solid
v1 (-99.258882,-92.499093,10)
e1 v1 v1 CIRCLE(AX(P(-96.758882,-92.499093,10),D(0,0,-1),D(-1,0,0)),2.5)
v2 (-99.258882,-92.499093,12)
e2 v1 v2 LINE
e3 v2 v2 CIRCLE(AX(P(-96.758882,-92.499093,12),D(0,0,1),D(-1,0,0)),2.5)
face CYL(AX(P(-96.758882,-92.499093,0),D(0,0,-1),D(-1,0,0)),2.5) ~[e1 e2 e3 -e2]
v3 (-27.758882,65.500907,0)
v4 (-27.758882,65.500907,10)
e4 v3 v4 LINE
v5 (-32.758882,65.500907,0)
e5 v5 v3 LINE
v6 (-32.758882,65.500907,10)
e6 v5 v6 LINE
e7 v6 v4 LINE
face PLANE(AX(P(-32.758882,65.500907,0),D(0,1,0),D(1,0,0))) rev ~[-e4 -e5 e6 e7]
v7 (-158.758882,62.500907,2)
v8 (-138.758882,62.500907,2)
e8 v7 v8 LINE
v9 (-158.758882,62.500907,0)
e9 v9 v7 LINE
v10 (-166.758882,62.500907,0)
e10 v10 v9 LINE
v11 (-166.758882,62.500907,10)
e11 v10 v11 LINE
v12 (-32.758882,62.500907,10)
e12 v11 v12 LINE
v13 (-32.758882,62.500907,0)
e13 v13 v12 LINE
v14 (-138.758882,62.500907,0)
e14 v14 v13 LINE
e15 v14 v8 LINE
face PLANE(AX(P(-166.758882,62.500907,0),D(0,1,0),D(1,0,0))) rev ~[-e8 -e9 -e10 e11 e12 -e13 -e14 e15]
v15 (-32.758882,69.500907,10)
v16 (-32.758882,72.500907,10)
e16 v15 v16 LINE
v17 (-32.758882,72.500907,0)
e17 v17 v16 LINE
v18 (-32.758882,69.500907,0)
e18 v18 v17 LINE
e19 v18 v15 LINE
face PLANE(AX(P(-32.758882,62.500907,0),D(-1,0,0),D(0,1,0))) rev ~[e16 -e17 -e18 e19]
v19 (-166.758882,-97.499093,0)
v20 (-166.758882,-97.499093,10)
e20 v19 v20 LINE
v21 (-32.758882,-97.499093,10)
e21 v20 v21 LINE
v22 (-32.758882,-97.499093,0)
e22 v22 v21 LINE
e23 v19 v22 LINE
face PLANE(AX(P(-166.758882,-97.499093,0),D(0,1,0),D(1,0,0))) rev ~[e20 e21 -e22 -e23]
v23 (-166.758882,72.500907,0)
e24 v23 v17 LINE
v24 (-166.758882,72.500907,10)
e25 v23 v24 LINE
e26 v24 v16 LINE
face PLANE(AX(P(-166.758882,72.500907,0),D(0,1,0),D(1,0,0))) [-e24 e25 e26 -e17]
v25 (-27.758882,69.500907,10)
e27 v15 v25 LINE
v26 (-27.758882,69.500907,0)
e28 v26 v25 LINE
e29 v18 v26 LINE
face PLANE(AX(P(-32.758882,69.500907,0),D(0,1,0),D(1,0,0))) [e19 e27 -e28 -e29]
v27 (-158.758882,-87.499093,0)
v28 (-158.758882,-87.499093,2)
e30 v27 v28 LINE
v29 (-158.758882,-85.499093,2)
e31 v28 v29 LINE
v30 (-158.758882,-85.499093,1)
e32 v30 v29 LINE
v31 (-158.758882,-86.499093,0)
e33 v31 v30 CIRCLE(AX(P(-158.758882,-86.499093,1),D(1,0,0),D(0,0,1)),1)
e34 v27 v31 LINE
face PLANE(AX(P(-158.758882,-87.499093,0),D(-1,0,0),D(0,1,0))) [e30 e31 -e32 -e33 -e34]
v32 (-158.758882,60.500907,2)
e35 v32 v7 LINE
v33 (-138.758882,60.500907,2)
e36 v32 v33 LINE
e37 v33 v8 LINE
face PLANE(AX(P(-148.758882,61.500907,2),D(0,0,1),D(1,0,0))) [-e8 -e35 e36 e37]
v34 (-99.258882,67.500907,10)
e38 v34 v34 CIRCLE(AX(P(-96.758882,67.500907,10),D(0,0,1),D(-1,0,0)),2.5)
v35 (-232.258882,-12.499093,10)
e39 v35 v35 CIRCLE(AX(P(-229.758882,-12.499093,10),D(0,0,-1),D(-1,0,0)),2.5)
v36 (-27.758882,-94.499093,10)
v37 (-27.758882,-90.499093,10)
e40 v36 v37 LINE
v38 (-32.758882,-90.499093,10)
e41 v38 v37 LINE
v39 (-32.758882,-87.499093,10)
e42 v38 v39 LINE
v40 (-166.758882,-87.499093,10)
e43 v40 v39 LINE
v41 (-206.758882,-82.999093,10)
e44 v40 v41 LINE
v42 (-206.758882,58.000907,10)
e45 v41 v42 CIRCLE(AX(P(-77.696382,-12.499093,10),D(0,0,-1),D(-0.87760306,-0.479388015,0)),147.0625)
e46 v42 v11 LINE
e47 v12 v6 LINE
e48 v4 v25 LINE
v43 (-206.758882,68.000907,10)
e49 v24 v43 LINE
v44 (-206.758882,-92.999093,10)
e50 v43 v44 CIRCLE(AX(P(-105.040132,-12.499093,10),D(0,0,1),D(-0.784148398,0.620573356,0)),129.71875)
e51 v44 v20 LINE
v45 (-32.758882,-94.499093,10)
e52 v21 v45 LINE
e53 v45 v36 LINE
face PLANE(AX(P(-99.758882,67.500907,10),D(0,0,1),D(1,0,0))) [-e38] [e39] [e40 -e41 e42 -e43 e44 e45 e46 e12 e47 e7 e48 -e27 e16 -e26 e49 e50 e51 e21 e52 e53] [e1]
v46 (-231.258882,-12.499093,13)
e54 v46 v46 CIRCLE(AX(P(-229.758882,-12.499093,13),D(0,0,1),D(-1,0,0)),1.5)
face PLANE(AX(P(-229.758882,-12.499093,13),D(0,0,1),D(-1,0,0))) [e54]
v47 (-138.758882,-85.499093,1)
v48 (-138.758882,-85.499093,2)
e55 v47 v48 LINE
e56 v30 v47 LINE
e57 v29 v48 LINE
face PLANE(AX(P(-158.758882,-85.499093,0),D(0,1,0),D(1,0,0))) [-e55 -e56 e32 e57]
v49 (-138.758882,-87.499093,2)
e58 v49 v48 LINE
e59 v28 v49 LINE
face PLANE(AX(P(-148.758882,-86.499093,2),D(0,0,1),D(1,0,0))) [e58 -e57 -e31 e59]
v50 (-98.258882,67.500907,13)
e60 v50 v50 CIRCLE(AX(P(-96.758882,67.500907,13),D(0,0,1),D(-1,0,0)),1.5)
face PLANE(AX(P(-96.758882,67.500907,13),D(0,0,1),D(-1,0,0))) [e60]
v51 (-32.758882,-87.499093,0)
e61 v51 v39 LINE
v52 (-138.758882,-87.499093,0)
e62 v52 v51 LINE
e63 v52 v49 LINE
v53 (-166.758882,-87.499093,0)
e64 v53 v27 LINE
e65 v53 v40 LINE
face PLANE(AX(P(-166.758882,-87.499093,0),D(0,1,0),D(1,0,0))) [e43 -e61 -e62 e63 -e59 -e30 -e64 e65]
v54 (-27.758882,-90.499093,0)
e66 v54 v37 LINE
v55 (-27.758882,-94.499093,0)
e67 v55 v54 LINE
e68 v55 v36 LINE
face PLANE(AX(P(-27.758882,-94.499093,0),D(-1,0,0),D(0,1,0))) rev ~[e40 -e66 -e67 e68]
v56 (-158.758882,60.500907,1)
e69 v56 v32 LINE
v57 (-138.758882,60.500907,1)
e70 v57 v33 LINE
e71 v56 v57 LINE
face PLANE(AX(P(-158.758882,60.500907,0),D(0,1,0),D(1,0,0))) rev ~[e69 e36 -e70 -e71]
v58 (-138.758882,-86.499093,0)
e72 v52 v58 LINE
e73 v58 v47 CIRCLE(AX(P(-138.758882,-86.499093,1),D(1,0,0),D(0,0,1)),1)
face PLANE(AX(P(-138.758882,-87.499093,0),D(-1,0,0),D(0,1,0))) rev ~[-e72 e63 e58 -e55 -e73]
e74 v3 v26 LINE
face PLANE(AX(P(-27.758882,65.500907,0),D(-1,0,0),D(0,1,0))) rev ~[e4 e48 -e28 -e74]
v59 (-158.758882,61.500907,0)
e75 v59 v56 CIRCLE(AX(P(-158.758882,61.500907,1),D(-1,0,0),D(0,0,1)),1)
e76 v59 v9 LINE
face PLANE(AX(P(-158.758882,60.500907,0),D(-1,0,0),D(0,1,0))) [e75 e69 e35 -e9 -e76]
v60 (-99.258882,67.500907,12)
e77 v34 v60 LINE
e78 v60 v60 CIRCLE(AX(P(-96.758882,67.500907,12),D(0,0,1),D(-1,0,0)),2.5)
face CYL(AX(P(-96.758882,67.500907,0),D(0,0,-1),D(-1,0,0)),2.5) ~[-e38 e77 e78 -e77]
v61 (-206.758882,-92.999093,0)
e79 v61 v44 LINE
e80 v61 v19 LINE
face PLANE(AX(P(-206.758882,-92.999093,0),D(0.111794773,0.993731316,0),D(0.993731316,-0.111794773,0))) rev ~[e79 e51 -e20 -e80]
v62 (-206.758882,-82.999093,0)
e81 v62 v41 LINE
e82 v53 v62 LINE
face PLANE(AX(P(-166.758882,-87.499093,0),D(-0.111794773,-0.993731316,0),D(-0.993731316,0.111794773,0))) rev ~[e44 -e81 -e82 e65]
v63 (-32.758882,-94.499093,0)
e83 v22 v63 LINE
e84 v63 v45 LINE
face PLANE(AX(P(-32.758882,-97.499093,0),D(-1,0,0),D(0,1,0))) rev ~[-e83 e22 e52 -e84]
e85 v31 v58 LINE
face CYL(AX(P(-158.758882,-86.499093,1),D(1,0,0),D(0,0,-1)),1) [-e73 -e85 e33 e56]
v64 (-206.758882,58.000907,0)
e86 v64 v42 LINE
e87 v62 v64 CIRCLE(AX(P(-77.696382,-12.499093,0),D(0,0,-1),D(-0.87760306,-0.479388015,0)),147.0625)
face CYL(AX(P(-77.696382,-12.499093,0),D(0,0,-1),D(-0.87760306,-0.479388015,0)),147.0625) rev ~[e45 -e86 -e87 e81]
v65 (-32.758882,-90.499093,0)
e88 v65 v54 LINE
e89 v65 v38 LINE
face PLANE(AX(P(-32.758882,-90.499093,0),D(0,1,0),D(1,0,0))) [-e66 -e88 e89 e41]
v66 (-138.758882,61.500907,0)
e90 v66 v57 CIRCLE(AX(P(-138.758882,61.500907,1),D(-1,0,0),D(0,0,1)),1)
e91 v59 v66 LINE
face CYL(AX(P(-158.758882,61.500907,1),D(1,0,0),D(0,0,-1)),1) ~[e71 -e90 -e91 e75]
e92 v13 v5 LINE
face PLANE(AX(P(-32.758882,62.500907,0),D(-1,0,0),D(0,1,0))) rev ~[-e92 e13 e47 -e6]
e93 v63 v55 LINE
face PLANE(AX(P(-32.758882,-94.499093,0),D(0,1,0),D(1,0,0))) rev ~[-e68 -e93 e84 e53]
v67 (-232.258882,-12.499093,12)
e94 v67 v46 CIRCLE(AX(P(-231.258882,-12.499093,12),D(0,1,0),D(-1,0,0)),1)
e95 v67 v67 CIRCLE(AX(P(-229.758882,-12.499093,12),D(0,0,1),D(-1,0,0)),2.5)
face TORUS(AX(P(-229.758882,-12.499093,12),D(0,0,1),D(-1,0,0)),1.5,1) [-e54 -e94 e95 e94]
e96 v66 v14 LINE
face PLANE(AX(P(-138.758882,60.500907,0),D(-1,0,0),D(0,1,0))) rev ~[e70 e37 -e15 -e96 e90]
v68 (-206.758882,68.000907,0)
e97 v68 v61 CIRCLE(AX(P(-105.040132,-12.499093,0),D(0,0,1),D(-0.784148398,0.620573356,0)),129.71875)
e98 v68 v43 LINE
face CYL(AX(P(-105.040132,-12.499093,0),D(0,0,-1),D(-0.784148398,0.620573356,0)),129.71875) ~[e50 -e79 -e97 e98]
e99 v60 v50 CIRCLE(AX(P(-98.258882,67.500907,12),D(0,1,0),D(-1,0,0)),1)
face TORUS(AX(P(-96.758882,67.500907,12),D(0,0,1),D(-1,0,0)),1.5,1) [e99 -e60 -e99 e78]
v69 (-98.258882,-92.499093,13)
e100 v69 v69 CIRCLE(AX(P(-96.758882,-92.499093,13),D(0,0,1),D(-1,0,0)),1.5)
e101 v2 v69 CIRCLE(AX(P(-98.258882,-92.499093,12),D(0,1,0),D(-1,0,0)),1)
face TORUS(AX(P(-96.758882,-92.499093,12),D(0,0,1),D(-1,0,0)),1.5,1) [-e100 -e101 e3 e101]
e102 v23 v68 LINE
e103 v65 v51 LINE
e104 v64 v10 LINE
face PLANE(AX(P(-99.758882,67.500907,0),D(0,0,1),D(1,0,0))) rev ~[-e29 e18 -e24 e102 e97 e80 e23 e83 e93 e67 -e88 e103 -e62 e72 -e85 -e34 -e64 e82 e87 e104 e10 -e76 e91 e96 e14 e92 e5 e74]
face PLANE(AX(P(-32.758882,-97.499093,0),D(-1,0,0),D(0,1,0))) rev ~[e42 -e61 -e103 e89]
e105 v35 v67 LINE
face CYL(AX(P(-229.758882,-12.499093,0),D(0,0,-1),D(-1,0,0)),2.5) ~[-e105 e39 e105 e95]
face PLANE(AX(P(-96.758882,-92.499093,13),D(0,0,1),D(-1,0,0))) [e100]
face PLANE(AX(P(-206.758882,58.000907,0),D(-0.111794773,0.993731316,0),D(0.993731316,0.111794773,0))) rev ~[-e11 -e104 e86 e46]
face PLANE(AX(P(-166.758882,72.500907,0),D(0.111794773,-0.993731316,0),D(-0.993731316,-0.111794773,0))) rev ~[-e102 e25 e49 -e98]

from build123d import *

# Parameters (mm, degrees)
ESQUISSE1_R        = 2.5
BOSS_EXTRU_1_DEPTH = 10
ESQUISSE1_3_R      = 2.5
BOSS_EXTRU_2_DEPTH = 13
CONG_2_R           = 1
CONG_3_R           = 1
ESQUISSE1_4_W      = 20
ESQUISSE1_4_H      = 2
BOSS_EXTRU_3_DEPTH = 2
CONG_4_R           = 1


with BuildPart() as part:
    # Esquisse1 → Boss.-Extru.1 (new body)
    with BuildSketch(Plane.XY):
        with BuildLine():
            Line((-32.758882294, 72.500907441), (-166.758882294, 72.500907441))
            Line((-166.758882294, 72.500907441), (-206.758882294, 68.000907441))
            ThreePointArc((-206.758882294, 68.000907441), (-234.758882294, -12.499092559), (-206.758882294, -92.999092559))
            Line((-206.758882294, -92.999092559), (-166.758882294, -97.499092559))
            Line((-166.758882294, -97.499092559), (-32.758882294, -97.499092559))
            Line((-32.758882294, -97.499092559), (-32.758882294, -94.499092559))
            Line((-32.758882294, -94.499092559), (-27.758882294, -94.499092559))
            Line((-27.758882294, -94.499092559), (-27.758882294, -90.499092559))
            Line((-27.758882294, -90.499092559), (-32.758882294, -90.499092559))
            Line((-32.758882294, -90.499092559), (-32.758882294, -87.499092559))
            Line((-32.758882294, -87.499092559), (-166.758882294, -87.499092559))
            Line((-166.758882294, -87.499092559), (-206.758882294, -82.999092559))
            ThreePointArc((-206.758882294, -82.999092559), (-224.758882294, -12.499092559), (-206.758882294, 58.000907441))
            Line((-206.758882294, 58.000907441), (-166.758882294, 62.500907441))
            Line((-166.758882294, 62.500907441), (-32.758882294, 62.500907441))
            Line((-32.758882294, 62.500907441), (-32.758882294, 65.500907441))
            Line((-32.758882294, 65.500907441), (-27.758882294, 65.500907441))
            Line((-27.758882294, 65.500907441), (-27.758882294, 69.500907441))
            Line((-27.758882294, 69.500907441), (-32.758882294, 69.500907441))
            Line((-32.758882294, 69.500907441), (-32.758882294, 72.500907441))
        make_face()
        with Locations((-96.758882294, 67.500907441)):
            Circle(ESQUISSE1_R, mode=Mode.SUBTRACT)
        with Locations((-229.758882294, -12.499092559)):
            Circle(ESQUISSE1_R, mode=Mode.SUBTRACT)
        with Locations((-96.758882294, -92.499092559)):
            Circle(ESQUISSE1_R, mode=Mode.SUBTRACT)
    extrude(amount=BOSS_EXTRU_1_DEPTH)

    # Esquisse1<3> → Boss.-Extru.2 (add)
    with BuildSketch(Plane.XY):
        with Locations((-229.758882294, -12.499092559)):
            Circle(ESQUISSE1_3_R)
        with Locations((-96.758882294, 67.500907441)):
            Circle(ESQUISSE1_3_R)
        with Locations((-96.758882294, -92.499092559)):
            Circle(ESQUISSE1_3_R)
    extrude(amount=BOSS_EXTRU_2_DEPTH)

    # Congé2
    cong_2_edges = [part.edges().sort_by_distance(p)[0] for p in [
        (-99.258882294, -92.499092559, 13),
    ]]
    fillet(cong_2_edges, radius=CONG_2_R)

    # Congé3
    cong_3_edges = [part.edges().sort_by_distance(p)[0] for p in [
        (-99.258882294, 67.500907441, 13),
        (-232.258882294, -12.499092559, 13),
    ]]
    fillet(cong_3_edges, radius=CONG_3_R)

    # Esquisse1<4> → Boss.-Extru.3 (add)
    with BuildSketch(Plane.XY):
        with Locations((-148.758882294, 61.500907441)):
            Rectangle(ESQUISSE1_4_W, ESQUISSE1_4_H)
        with Locations((-148.758882294, -86.499092559)):
            Rectangle(ESQUISSE1_4_W, ESQUISSE1_4_H)
    extrude(amount=BOSS_EXTRU_3_DEPTH)

    # Congé4
    cong_4_edges = [part.edges().sort_by_distance(p)[0] for p in [
        (-148.758882294, -85.499092559, 0),
        (-148.758882294, 60.500907441, 0),
    ]]
    fillet(cong_4_edges, radius=CONG_4_R)


solid = part.part
